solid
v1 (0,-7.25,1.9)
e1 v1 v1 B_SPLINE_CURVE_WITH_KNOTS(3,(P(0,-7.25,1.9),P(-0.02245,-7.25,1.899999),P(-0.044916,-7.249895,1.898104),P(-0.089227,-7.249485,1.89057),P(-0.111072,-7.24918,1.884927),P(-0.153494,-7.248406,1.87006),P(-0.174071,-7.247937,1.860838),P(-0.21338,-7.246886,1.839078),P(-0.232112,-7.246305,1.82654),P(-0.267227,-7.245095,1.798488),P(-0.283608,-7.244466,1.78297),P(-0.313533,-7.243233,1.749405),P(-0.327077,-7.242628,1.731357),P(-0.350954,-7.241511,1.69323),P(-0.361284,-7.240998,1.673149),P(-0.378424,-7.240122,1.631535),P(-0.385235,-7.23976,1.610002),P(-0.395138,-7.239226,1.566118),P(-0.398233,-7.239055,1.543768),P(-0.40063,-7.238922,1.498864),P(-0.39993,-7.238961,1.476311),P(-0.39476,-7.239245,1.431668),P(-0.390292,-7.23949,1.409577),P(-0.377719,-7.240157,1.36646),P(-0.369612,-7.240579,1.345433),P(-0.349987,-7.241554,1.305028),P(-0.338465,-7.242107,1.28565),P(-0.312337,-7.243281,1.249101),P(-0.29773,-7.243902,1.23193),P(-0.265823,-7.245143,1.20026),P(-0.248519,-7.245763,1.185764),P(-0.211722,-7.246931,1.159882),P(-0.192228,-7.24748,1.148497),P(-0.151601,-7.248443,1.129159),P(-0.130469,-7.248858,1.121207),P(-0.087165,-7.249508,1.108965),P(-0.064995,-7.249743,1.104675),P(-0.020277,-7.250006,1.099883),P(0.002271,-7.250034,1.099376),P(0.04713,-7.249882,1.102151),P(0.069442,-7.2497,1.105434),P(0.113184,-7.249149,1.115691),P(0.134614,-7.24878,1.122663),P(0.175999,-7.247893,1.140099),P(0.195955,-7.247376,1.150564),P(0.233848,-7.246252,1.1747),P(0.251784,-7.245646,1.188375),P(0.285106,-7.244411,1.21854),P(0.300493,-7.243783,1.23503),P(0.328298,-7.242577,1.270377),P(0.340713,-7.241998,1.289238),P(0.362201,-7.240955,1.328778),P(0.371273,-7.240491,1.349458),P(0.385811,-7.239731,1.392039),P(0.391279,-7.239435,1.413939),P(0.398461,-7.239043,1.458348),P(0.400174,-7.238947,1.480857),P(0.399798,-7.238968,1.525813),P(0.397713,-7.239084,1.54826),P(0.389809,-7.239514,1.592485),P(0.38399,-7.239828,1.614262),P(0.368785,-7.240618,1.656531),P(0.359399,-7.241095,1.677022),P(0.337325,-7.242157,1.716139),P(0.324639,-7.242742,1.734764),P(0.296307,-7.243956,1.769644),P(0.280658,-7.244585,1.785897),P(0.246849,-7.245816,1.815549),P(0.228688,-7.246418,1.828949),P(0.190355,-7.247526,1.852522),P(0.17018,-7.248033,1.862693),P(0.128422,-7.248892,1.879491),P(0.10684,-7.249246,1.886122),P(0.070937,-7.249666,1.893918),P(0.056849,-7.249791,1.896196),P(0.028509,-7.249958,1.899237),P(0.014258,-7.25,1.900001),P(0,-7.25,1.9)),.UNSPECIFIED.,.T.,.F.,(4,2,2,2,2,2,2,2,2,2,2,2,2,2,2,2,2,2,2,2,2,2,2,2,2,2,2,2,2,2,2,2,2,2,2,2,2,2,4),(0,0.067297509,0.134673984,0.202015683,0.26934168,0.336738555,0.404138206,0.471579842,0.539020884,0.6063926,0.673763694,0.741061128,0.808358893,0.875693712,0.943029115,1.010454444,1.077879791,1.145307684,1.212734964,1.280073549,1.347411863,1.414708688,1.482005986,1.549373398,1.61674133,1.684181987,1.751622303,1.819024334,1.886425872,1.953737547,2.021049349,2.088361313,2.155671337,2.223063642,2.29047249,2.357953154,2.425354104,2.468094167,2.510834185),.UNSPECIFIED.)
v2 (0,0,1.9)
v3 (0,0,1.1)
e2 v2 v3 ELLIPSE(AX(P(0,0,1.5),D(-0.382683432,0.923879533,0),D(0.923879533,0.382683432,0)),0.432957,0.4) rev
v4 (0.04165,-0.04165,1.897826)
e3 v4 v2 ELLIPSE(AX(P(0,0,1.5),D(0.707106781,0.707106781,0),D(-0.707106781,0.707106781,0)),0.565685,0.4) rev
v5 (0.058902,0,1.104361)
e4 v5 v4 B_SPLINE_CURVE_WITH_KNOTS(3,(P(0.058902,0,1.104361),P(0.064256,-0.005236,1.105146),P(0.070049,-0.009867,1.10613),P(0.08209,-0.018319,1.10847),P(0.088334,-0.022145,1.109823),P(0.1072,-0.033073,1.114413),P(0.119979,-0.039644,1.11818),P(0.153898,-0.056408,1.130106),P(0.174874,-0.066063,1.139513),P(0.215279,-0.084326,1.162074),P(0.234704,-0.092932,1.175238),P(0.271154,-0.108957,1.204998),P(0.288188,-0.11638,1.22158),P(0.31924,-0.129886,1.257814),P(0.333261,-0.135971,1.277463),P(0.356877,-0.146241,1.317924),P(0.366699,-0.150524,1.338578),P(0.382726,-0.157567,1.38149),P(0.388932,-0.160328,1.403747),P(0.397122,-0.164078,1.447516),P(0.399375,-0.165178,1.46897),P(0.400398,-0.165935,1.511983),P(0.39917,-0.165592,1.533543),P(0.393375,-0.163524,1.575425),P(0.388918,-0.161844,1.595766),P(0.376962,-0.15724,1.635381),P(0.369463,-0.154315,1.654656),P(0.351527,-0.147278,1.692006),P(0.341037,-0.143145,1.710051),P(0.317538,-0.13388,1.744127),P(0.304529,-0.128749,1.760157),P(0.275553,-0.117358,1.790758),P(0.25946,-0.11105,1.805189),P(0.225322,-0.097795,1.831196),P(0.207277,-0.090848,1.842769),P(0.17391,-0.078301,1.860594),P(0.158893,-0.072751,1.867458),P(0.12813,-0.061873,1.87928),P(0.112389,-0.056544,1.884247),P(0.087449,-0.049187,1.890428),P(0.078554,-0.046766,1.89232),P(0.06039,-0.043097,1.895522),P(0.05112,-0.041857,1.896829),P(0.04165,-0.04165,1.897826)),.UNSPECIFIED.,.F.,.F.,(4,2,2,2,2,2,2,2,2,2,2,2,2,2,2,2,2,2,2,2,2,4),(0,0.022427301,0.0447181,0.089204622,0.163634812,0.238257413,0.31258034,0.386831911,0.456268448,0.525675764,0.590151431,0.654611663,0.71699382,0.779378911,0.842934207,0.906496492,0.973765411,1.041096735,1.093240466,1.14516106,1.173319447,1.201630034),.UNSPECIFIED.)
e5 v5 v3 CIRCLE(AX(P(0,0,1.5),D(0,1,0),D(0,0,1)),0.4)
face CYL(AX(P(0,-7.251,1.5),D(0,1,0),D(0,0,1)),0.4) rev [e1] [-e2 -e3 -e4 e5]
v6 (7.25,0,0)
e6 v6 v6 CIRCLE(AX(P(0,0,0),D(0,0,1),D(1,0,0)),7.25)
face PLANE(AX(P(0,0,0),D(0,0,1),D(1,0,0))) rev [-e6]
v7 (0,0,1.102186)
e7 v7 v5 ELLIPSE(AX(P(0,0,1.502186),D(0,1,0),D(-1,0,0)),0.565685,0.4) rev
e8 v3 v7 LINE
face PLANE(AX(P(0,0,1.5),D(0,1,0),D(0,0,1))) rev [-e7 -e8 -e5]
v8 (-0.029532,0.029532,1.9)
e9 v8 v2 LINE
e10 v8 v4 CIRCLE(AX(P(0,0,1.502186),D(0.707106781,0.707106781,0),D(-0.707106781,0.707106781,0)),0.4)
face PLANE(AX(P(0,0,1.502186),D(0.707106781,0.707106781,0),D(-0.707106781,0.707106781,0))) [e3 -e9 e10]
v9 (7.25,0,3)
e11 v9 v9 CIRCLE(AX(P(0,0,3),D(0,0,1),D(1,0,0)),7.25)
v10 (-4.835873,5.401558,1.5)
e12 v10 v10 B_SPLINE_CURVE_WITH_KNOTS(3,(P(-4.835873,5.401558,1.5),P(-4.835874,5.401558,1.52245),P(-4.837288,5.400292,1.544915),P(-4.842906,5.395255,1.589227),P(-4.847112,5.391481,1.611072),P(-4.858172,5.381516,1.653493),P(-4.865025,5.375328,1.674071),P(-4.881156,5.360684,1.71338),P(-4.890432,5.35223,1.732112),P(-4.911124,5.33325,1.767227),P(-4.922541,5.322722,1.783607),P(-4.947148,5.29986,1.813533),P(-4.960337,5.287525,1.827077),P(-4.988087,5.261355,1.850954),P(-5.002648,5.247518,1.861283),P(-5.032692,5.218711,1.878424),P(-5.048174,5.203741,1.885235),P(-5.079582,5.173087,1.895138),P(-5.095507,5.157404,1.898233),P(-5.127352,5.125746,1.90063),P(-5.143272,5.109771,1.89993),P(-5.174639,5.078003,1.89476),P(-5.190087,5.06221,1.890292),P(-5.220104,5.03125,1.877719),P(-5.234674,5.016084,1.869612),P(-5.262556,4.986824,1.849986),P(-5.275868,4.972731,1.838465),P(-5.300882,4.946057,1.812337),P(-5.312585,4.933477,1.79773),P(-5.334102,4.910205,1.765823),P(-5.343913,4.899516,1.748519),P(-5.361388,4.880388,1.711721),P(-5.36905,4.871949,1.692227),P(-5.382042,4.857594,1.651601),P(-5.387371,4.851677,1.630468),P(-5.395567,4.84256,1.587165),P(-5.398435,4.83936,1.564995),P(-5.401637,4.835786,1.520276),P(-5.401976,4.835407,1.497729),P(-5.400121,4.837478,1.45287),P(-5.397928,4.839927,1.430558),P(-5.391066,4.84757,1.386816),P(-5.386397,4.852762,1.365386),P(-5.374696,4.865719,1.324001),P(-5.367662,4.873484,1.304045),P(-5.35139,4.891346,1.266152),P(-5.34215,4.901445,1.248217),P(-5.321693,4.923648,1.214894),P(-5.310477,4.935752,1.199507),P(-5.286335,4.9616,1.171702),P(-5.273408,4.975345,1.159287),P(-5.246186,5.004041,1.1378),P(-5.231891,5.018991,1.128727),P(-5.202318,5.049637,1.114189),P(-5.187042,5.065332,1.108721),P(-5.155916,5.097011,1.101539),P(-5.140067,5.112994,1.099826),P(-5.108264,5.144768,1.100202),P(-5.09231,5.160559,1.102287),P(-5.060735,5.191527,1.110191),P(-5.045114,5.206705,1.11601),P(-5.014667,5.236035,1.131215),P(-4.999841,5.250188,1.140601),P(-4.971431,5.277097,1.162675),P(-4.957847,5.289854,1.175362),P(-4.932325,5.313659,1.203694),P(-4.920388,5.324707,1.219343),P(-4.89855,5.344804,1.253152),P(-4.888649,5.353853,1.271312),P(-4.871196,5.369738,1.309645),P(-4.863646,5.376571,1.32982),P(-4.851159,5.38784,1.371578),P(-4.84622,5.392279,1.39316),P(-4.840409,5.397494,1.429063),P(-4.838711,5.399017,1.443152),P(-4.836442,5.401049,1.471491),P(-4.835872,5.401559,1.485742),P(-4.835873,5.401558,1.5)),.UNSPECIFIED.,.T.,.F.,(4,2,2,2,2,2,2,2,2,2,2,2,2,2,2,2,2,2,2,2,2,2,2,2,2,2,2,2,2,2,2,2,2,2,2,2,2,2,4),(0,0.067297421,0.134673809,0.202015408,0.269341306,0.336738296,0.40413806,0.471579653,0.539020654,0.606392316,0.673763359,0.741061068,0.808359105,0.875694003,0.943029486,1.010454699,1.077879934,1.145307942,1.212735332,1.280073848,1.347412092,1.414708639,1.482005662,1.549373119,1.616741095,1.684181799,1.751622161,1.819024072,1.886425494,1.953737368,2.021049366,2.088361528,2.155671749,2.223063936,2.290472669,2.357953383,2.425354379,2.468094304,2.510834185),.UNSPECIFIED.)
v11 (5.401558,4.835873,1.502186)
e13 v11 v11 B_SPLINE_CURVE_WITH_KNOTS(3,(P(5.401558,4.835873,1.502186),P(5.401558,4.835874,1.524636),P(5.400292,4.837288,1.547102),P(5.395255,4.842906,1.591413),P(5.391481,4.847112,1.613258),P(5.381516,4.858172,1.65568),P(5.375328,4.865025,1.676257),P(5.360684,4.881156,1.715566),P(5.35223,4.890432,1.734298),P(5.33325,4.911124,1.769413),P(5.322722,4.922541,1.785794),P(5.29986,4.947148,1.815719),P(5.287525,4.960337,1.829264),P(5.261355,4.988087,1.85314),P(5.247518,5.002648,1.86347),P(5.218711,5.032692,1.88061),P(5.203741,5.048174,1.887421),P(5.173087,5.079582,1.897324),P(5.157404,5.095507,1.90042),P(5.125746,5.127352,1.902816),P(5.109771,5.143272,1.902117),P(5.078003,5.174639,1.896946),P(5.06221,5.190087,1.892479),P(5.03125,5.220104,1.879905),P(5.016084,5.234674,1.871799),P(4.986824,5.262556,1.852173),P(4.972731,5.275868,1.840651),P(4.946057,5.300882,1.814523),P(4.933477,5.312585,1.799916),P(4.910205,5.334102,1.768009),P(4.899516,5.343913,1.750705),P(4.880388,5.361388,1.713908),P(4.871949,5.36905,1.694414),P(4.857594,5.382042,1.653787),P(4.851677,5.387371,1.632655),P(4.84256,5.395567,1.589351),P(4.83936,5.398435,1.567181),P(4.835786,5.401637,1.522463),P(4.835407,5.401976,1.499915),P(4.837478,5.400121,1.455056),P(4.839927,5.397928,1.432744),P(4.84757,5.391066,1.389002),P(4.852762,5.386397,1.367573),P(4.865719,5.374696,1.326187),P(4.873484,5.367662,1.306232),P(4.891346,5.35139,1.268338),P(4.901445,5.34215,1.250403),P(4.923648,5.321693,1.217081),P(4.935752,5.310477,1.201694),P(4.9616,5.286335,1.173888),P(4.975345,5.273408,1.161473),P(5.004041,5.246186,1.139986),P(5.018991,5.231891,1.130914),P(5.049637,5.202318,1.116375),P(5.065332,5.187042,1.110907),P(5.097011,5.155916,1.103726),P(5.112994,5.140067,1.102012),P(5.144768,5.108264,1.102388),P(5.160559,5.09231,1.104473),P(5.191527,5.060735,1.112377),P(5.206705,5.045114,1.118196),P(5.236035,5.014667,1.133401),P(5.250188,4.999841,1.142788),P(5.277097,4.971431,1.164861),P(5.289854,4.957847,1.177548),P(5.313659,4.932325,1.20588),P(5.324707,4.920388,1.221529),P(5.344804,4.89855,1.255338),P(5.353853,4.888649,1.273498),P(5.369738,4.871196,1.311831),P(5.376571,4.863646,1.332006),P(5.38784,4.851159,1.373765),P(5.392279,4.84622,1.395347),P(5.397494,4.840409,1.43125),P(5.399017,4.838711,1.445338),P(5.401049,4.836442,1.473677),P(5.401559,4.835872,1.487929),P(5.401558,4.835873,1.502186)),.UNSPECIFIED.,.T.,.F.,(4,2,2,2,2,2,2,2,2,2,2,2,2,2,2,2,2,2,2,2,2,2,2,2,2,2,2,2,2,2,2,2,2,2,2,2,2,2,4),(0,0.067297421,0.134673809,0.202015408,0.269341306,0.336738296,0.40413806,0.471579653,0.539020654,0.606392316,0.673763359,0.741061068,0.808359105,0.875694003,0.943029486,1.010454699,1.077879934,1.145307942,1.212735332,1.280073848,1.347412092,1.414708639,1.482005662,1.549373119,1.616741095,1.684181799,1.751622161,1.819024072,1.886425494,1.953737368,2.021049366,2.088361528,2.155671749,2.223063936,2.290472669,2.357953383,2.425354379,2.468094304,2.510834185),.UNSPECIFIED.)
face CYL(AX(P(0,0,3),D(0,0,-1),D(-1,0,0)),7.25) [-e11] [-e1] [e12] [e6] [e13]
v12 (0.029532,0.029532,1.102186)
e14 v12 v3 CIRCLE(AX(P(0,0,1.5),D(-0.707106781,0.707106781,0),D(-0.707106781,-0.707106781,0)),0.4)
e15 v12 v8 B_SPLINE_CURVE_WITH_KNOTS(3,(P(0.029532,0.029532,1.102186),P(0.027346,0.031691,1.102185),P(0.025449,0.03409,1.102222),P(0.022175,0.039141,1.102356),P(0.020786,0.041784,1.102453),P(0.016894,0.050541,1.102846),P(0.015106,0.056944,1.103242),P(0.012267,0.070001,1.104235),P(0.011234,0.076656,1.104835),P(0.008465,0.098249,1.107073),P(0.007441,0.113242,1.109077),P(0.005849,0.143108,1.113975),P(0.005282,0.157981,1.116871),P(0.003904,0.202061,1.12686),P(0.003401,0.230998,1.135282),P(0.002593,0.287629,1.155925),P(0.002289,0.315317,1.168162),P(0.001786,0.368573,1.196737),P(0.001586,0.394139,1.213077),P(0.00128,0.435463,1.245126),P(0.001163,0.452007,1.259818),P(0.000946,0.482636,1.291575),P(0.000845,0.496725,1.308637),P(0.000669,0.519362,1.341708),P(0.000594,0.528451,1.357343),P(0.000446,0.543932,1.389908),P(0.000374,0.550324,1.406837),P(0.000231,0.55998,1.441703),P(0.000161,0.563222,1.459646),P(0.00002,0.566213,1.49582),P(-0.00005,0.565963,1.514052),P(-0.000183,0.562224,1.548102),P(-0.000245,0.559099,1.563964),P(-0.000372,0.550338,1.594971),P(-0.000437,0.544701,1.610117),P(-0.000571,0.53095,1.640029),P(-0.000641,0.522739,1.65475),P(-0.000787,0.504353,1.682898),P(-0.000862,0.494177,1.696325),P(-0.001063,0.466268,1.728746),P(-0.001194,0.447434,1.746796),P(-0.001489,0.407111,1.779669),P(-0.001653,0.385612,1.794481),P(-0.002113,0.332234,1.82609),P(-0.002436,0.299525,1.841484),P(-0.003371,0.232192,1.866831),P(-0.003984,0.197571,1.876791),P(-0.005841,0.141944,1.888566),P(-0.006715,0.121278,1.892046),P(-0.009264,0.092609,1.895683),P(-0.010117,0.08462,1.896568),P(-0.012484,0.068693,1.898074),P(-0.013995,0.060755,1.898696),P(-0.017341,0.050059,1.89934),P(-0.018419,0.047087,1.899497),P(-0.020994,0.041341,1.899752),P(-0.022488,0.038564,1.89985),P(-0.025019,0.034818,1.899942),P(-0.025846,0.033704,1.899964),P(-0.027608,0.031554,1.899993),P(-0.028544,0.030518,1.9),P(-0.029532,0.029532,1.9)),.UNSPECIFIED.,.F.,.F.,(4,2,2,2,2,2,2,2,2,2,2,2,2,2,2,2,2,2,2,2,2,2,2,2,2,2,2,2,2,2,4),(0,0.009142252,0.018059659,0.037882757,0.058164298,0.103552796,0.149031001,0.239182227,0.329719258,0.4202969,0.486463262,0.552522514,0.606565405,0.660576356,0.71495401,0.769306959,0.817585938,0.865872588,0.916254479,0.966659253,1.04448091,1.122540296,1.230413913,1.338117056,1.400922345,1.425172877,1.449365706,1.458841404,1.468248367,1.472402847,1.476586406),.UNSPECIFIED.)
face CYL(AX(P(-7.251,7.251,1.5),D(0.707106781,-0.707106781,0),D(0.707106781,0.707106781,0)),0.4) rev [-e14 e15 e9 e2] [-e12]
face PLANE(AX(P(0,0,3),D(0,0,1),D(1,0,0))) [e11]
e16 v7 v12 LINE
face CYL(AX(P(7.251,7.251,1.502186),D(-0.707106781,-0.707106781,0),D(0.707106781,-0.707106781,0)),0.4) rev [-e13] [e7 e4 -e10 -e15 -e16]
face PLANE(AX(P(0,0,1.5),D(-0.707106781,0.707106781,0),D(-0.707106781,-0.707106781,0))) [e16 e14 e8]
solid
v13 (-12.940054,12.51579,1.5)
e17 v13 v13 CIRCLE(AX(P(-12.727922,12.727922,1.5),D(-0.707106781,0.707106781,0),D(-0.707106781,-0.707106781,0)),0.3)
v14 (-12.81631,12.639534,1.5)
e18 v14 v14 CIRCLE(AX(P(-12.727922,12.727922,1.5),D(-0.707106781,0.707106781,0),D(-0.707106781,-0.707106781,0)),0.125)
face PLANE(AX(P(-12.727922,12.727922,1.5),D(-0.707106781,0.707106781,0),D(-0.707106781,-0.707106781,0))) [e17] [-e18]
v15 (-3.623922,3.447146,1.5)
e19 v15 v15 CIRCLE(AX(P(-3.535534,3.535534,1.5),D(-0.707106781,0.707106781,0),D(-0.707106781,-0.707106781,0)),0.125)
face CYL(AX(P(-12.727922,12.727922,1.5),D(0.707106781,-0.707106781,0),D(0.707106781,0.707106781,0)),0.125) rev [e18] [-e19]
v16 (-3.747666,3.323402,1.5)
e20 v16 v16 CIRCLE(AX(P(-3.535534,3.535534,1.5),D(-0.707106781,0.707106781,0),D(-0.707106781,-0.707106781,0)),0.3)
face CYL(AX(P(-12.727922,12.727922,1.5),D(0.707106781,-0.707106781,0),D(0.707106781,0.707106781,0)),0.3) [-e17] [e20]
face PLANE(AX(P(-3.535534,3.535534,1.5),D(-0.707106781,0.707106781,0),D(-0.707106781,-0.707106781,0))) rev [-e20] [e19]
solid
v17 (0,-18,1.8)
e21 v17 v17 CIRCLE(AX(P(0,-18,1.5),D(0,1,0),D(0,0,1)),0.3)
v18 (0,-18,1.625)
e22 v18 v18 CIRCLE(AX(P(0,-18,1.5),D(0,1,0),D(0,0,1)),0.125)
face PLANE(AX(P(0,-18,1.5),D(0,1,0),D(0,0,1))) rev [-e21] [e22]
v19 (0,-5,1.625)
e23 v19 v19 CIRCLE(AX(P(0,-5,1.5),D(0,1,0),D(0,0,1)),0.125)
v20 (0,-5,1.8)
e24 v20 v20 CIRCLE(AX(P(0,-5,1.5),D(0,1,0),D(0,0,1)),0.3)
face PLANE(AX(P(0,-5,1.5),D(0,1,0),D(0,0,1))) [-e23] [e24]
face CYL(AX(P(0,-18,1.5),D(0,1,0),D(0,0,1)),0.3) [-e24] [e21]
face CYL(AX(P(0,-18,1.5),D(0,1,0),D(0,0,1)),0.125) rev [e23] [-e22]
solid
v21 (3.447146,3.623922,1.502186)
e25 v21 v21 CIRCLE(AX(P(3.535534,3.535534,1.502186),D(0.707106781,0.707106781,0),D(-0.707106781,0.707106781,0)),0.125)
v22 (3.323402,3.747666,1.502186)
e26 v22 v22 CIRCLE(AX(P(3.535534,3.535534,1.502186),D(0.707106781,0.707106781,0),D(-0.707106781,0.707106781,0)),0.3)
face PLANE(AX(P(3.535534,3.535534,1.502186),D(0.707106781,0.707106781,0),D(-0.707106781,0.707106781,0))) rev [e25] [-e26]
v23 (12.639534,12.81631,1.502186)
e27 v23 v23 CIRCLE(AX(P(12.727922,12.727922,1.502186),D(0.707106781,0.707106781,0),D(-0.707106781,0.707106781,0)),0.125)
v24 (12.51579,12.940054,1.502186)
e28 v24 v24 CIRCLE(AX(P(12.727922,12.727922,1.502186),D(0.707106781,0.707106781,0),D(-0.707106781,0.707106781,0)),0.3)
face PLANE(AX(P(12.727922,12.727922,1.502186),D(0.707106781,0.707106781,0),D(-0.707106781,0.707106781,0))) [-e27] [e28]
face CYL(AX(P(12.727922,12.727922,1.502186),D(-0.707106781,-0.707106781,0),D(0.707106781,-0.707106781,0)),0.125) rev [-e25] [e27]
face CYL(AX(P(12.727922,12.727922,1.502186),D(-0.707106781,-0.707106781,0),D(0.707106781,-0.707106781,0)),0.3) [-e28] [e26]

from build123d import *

# Parameters (mm, degrees)
SKETCH1_R           = 7.25
BOSS_EXTRUDE1_DEPTH = 3
CUT_EXTRUDE1_REACH  = 9.25
SKETCH2_R           = 0.4
CUT_EXTRUDE2_REACH  = 12.253
SKETCH3_R           = 0.4
CUT_EXTRUDE3_REACH  = 12.253
SKETCH4_R           = 0.4
BOSS_EXTRUDE2_START = 5
SKETCH5_R           = 0.3
SKETCH5_R_2         = 0.125
BOSS_EXTRUDE2_DEPTH = 13
BOSS_EXTRUDE3_START = 5
SKETCH6_R           = 0.3
SKETCH6_R_2         = 0.125
BOSS_EXTRUDE3_DEPTH = 13
BOSS_EXTRUDE4_START = -5
SKETCH7_R           = 0.3
SKETCH7_R_2         = 0.125
BOSS_EXTRUDE4_DEPTH = 13


with BuildPart() as part:
    # Sketch1 → Boss-Extrude1 (new body)
    with BuildSketch(Plane.XY):
        Circle(SKETCH1_R)
    extrude(amount=BOSS_EXTRUDE1_DEPTH)

    # Sketch2 → Cut-Extrude1 (cut, up to next)
    with BuildSketch(Plane(origin=(0, 0, 0), x_dir=(1, 0, 0), z_dir=(0, 1, 0)), mode=Mode.PRIVATE) as cut_extrude1_sk1:
        with Locations((0, -1.5)):
            Circle(SKETCH2_R)
    cut_extrude1_tool1 = extrude(cut_extrude1_sk1.sketch, amount=-CUT_EXTRUDE1_REACH, mode=Mode.PRIVATE) & part.part
    add(cut_extrude1_tool1.solids().sort_by_distance((0, 0, 1.5))[0], mode=Mode.SUBTRACT)

    # Sketch3 → Cut-Extrude2 (cut, up to next)
    with BuildSketch(Plane(origin=(0, 0, 0), x_dir=(0.707106781, 0.707106781, 0), z_dir=(-0.707106781, 0.707106781, 0)), mode=Mode.PRIVATE) as cut_extrude2_sk1:
        with Locations((0, -1.5)):
            Circle(SKETCH3_R)
    cut_extrude2_tool1 = extrude(cut_extrude2_sk1.sketch, amount=CUT_EXTRUDE2_REACH, mode=Mode.PRIVATE) & part.part
    add(cut_extrude2_tool1.solids().sort_by_distance((0, 0, 1.5))[0], mode=Mode.SUBTRACT)

    # Sketch4 → Cut-Extrude3 (cut, up to next)
    with BuildSketch(Plane(origin=(0, 0, 0), x_dir=(0.707106781, -0.707106781, 0), z_dir=(0.707106781, 0.707106781, 0)), mode=Mode.PRIVATE) as cut_extrude3_sk1:
        with Locations((0, -1.502186295)):
            Circle(SKETCH4_R)
    cut_extrude3_tool1 = extrude(cut_extrude3_sk1.sketch, amount=CUT_EXTRUDE3_REACH, mode=Mode.PRIVATE) & part.part
    add(cut_extrude3_tool1.solids().sort_by_distance((0, 0, 1.502186))[0], mode=Mode.SUBTRACT)


with BuildPart() as body_2:
    # Sketch5 → Boss-Extrude2 (new body)
    with BuildSketch(Plane(origin=(0, 0, 0), x_dir=(0.707106781, -0.707106781, 0), z_dir=(0.707106781, 0.707106781, 0)).offset(BOSS_EXTRUDE2_START)):
        with Locations((0, -1.502186295)):
            Circle(SKETCH5_R)
        with Locations((0, -1.502186295)):
            Circle(SKETCH5_R_2, mode=Mode.SUBTRACT)
    extrude(amount=BOSS_EXTRUDE2_DEPTH)


with BuildPart() as body_3:
    # Sketch6 → Boss-Extrude3 (new body)
    with BuildSketch(Plane(origin=(0, 0, 0), x_dir=(0.707106781, 0.707106781, 0), z_dir=(-0.707106781, 0.707106781, 0)).offset(BOSS_EXTRUDE3_START)):
        with Locations((0, -1.5)):
            Circle(SKETCH6_R)
        with Locations((0, -1.5)):
            Circle(SKETCH6_R_2, mode=Mode.SUBTRACT)
    extrude(amount=BOSS_EXTRUDE3_DEPTH)


with BuildPart() as body_4:
    # Sketch7 → Boss-Extrude4 (new body)
    with BuildSketch(Plane(origin=(0, 0, 0), x_dir=(1, 0, 0), z_dir=(0, 1, 0)).offset(BOSS_EXTRUDE4_START)):
        with Locations((0, -1.5)):
            Circle(SKETCH7_R)
        with Locations((0, -1.5)):
            Circle(SKETCH7_R_2, mode=Mode.SUBTRACT)
    extrude(amount=-BOSS_EXTRUDE4_DEPTH)


solid = Compound([part.part, body_2.part, body_3.part, body_4.part])
